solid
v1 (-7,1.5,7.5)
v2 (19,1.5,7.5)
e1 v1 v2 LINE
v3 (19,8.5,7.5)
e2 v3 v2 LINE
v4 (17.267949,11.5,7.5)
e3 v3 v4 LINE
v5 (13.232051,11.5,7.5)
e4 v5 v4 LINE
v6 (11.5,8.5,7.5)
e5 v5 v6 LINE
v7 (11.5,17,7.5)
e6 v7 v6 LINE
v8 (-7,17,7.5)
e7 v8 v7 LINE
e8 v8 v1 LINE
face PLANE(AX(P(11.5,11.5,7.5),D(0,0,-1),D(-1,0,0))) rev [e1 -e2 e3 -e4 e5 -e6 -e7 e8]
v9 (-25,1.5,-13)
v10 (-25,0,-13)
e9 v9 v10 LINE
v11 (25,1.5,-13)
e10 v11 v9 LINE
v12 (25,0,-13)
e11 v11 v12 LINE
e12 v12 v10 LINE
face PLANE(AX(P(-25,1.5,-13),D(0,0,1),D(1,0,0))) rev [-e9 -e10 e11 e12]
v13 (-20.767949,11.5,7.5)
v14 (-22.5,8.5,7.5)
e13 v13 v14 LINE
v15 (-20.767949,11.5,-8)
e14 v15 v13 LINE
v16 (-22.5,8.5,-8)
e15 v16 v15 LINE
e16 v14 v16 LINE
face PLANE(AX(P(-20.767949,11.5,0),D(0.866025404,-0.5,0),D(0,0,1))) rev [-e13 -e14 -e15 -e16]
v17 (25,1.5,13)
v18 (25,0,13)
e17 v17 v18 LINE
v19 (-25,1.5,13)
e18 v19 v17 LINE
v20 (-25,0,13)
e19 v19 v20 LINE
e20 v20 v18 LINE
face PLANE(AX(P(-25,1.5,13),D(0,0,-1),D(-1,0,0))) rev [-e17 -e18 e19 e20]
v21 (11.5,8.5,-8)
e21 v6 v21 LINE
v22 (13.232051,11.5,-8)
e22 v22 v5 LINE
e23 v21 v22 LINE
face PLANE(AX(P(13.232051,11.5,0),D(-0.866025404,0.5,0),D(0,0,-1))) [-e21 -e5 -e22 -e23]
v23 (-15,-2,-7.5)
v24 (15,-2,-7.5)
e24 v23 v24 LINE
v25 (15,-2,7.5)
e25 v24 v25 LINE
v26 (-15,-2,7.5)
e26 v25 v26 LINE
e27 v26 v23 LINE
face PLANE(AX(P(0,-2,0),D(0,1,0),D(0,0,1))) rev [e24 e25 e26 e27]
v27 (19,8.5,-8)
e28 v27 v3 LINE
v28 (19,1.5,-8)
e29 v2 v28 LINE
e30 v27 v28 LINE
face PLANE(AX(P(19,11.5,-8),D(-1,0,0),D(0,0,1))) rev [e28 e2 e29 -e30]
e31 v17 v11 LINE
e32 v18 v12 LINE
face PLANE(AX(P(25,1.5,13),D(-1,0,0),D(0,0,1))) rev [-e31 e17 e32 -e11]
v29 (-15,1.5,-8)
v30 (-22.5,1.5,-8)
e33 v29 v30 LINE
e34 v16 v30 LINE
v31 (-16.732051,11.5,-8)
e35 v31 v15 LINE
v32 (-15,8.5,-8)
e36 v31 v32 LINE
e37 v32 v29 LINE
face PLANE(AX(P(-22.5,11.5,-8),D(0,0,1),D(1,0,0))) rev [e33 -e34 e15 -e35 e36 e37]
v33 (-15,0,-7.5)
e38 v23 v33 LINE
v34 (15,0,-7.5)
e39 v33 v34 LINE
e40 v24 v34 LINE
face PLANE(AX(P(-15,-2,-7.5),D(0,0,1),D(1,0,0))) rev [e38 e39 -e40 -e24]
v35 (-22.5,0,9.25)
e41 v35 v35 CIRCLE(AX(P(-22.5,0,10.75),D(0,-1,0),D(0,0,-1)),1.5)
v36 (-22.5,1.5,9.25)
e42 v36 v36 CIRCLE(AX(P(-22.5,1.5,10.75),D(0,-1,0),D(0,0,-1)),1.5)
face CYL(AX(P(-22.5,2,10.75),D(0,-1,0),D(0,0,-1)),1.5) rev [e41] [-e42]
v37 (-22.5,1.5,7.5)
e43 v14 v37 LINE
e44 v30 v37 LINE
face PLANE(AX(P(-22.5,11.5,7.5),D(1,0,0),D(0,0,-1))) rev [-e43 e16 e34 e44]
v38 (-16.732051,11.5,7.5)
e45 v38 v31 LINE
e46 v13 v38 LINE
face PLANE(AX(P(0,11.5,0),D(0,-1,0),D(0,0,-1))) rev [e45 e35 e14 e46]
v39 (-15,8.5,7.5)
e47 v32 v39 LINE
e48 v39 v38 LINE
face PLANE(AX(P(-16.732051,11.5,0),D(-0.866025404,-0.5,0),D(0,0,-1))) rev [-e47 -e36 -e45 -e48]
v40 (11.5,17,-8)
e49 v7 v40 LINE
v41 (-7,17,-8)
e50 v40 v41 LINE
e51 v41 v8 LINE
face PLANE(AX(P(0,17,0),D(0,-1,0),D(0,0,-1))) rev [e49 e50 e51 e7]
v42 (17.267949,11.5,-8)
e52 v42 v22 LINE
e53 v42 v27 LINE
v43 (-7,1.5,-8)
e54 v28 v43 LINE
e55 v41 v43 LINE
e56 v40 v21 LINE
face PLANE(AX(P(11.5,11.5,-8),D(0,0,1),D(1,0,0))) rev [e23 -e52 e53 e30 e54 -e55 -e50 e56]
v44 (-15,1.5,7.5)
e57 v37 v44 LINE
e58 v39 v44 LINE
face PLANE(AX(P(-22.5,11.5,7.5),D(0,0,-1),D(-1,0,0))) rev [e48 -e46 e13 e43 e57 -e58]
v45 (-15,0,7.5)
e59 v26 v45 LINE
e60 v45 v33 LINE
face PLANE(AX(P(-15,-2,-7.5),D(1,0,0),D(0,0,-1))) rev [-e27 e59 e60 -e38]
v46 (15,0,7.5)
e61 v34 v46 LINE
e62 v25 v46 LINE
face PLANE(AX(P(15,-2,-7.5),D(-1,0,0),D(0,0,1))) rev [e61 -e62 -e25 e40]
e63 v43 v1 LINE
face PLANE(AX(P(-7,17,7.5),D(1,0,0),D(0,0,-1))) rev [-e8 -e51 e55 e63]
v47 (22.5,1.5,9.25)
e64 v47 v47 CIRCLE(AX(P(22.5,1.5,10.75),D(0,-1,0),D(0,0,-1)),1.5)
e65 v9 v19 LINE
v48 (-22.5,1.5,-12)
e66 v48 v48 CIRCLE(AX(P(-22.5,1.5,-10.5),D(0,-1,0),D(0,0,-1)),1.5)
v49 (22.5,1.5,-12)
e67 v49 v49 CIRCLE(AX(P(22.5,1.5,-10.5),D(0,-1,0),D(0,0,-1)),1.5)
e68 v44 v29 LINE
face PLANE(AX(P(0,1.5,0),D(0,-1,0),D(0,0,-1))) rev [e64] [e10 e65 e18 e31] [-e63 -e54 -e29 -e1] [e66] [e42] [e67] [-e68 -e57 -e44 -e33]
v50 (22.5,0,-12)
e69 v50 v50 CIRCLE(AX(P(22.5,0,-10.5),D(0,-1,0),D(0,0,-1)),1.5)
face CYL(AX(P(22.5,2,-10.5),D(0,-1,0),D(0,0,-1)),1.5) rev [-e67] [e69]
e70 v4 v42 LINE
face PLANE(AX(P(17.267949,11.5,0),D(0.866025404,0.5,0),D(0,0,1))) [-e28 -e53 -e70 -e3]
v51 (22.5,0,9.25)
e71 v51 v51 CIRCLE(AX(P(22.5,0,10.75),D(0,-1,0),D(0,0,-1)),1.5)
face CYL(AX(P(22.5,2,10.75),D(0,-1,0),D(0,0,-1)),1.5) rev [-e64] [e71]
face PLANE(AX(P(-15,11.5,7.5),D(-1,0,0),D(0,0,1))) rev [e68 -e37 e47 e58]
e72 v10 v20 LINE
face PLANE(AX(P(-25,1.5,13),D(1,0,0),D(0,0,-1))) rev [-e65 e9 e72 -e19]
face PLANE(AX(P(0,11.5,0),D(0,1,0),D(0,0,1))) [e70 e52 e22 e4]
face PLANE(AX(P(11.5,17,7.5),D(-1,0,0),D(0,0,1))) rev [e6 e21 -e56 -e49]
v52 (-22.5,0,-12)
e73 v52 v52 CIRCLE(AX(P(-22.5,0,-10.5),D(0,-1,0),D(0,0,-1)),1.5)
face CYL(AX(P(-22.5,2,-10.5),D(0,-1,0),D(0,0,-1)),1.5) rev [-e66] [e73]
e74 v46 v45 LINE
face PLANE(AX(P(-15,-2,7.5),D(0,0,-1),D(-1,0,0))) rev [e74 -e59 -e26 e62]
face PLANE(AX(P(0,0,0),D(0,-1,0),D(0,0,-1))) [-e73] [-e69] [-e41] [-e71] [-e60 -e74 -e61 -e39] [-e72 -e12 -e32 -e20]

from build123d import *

# Parameters (mm, degrees)
CROQUIS1_W              = 50
CROQUIS1_H              = 26
SALIENTE_EXTRUIR1_DEPTH = 1.5
CROQUIS2_W              = 7.5
CROQUIS2_H              = 15.5
SALIENTE_EXTRUIR2_DEPTH = 10
CHAFL_N1_SIZE           = 3
CHAFL_N1_SIZE2          = 1.732050808
CHAFL_N1_PART_2_SIZE    = 3
CHAFL_N1_PART_2_SIZE2   = 1.732050808
CHAFL_N1_PART_3_SIZE    = 3
CHAFL_N1_PART_3_SIZE2   = 1.732050808
CHAFL_N1_PART_4_SIZE    = 3
CHAFL_N1_PART_4_SIZE2   = 1.732050808
CROQUIS3_W              = 18.5
CROQUIS3_H              = 15.5
SALIENTE_EXTRUIR3_DEPTH = 15.5
CROQUIS4_W              = 30
CROQUIS4_H              = 15
SALIENTE_EXTRUIR4_DEPTH = 2
CROQUIS5_R              = 1.5
CORTAR_EXTRUIR1_DEPTH   = 2


with BuildPart() as part:
    # Croquis1 → Saliente-Extruir1 (new body)
    with BuildSketch(Plane(origin=(0, 0, 0), x_dir=(1, 0, 0), z_dir=(0, 1, 0))):
        Rectangle(CROQUIS1_W, CROQUIS1_H)
    extrude(amount=SALIENTE_EXTRUIR1_DEPTH)

    # Croquis2 → Saliente-Extruir2 (add)
    with BuildSketch(Plane(origin=(0, 1.5, 0), x_dir=(1, 0, 0), z_dir=(0, 1, 0))):
        with Locations((15.25, 0.25)):
            Rectangle(CROQUIS2_W, CROQUIS2_H)
        with Locations((-18.75, 0.25)):
            Rectangle(CROQUIS2_W, CROQUIS2_H)
    extrude(amount=SALIENTE_EXTRUIR2_DEPTH)

    # Chaflán1
    chafl_n1_edges = [part.edges().sort_by_distance(p)[0] for p in [
        (19, 11.5, -0.25),
    ]]
    chafl_n1_side = [part.faces().sort_by_distance(p)[0] for p in [
        (19, 6.5, -0.25),
    ]]
    chamfer(chafl_n1_edges, length=CHAFL_N1_SIZE, length2=CHAFL_N1_SIZE2, reference=chafl_n1_side[0])

    # Chaflán1 part 2
    chafl_n1_part_2_edges = [part.edges().sort_by_distance(p)[0] for p in [
        (11.5, 11.5, -0.25),
    ]]
    chafl_n1_part_2_side = [part.faces().sort_by_distance(p)[0] for p in [
        (11.5, 6.5, -0.25),
    ]]
    chamfer(chafl_n1_part_2_edges, length=CHAFL_N1_PART_2_SIZE, length2=CHAFL_N1_PART_2_SIZE2, reference=chafl_n1_part_2_side[0])

    # Chaflán1 part 3
    chafl_n1_part_3_edges = [part.edges().sort_by_distance(p)[0] for p in [
        (-15, 11.5, -0.25),
    ]]
    chafl_n1_part_3_side = [part.faces().sort_by_distance(p)[0] for p in [
        (-15, 6.5, -0.25),
    ]]
    chamfer(chafl_n1_part_3_edges, length=CHAFL_N1_PART_3_SIZE, length2=CHAFL_N1_PART_3_SIZE2, reference=chafl_n1_part_3_side[0])

    # Chaflán1 part 4
    chafl_n1_part_4_edges = [part.edges().sort_by_distance(p)[0] for p in [
        (-22.5, 11.5, -0.25),
    ]]
    chafl_n1_part_4_side = [part.faces().sort_by_distance(p)[0] for p in [
        (-22.5, 6.5, -0.25),
    ]]
    chamfer(chafl_n1_part_4_edges, length=CHAFL_N1_PART_4_SIZE, length2=CHAFL_N1_PART_4_SIZE2, reference=chafl_n1_part_4_side[0])

    # Croquis3 → Saliente-Extruir3 (add)
    with BuildSketch(Plane(origin=(0, 1.5, 0), x_dir=(1, 0, 0), z_dir=(0, 1, 0))):
        with Locations((2.25, 0.25)):
            Rectangle(CROQUIS3_W, CROQUIS3_H)
    extrude(amount=SALIENTE_EXTRUIR3_DEPTH)

    # Croquis4 → Saliente-Extruir4 (add)
    with BuildSketch(Plane.XZ):
        Rectangle(CROQUIS4_W, CROQUIS4_H)
    extrude(amount=SALIENTE_EXTRUIR4_DEPTH)

    # Croquis5 → Cortar-Extruir1 (cut)
    with BuildSketch(Plane.XZ):
        with Locations((-22.5, 10.75)):
            Circle(CROQUIS5_R)
        with Locations((22.5, 10.75)):
            Circle(CROQUIS5_R)
        with Locations((22.5, -10.5)):
            Circle(CROQUIS5_R)
        with Locations((-22.5, -10.5)):
            Circle(CROQUIS5_R)
    extrude(amount=-CORTAR_EXTRUIR1_DEPTH, mode=Mode.SUBTRACT)


solid = part.part
